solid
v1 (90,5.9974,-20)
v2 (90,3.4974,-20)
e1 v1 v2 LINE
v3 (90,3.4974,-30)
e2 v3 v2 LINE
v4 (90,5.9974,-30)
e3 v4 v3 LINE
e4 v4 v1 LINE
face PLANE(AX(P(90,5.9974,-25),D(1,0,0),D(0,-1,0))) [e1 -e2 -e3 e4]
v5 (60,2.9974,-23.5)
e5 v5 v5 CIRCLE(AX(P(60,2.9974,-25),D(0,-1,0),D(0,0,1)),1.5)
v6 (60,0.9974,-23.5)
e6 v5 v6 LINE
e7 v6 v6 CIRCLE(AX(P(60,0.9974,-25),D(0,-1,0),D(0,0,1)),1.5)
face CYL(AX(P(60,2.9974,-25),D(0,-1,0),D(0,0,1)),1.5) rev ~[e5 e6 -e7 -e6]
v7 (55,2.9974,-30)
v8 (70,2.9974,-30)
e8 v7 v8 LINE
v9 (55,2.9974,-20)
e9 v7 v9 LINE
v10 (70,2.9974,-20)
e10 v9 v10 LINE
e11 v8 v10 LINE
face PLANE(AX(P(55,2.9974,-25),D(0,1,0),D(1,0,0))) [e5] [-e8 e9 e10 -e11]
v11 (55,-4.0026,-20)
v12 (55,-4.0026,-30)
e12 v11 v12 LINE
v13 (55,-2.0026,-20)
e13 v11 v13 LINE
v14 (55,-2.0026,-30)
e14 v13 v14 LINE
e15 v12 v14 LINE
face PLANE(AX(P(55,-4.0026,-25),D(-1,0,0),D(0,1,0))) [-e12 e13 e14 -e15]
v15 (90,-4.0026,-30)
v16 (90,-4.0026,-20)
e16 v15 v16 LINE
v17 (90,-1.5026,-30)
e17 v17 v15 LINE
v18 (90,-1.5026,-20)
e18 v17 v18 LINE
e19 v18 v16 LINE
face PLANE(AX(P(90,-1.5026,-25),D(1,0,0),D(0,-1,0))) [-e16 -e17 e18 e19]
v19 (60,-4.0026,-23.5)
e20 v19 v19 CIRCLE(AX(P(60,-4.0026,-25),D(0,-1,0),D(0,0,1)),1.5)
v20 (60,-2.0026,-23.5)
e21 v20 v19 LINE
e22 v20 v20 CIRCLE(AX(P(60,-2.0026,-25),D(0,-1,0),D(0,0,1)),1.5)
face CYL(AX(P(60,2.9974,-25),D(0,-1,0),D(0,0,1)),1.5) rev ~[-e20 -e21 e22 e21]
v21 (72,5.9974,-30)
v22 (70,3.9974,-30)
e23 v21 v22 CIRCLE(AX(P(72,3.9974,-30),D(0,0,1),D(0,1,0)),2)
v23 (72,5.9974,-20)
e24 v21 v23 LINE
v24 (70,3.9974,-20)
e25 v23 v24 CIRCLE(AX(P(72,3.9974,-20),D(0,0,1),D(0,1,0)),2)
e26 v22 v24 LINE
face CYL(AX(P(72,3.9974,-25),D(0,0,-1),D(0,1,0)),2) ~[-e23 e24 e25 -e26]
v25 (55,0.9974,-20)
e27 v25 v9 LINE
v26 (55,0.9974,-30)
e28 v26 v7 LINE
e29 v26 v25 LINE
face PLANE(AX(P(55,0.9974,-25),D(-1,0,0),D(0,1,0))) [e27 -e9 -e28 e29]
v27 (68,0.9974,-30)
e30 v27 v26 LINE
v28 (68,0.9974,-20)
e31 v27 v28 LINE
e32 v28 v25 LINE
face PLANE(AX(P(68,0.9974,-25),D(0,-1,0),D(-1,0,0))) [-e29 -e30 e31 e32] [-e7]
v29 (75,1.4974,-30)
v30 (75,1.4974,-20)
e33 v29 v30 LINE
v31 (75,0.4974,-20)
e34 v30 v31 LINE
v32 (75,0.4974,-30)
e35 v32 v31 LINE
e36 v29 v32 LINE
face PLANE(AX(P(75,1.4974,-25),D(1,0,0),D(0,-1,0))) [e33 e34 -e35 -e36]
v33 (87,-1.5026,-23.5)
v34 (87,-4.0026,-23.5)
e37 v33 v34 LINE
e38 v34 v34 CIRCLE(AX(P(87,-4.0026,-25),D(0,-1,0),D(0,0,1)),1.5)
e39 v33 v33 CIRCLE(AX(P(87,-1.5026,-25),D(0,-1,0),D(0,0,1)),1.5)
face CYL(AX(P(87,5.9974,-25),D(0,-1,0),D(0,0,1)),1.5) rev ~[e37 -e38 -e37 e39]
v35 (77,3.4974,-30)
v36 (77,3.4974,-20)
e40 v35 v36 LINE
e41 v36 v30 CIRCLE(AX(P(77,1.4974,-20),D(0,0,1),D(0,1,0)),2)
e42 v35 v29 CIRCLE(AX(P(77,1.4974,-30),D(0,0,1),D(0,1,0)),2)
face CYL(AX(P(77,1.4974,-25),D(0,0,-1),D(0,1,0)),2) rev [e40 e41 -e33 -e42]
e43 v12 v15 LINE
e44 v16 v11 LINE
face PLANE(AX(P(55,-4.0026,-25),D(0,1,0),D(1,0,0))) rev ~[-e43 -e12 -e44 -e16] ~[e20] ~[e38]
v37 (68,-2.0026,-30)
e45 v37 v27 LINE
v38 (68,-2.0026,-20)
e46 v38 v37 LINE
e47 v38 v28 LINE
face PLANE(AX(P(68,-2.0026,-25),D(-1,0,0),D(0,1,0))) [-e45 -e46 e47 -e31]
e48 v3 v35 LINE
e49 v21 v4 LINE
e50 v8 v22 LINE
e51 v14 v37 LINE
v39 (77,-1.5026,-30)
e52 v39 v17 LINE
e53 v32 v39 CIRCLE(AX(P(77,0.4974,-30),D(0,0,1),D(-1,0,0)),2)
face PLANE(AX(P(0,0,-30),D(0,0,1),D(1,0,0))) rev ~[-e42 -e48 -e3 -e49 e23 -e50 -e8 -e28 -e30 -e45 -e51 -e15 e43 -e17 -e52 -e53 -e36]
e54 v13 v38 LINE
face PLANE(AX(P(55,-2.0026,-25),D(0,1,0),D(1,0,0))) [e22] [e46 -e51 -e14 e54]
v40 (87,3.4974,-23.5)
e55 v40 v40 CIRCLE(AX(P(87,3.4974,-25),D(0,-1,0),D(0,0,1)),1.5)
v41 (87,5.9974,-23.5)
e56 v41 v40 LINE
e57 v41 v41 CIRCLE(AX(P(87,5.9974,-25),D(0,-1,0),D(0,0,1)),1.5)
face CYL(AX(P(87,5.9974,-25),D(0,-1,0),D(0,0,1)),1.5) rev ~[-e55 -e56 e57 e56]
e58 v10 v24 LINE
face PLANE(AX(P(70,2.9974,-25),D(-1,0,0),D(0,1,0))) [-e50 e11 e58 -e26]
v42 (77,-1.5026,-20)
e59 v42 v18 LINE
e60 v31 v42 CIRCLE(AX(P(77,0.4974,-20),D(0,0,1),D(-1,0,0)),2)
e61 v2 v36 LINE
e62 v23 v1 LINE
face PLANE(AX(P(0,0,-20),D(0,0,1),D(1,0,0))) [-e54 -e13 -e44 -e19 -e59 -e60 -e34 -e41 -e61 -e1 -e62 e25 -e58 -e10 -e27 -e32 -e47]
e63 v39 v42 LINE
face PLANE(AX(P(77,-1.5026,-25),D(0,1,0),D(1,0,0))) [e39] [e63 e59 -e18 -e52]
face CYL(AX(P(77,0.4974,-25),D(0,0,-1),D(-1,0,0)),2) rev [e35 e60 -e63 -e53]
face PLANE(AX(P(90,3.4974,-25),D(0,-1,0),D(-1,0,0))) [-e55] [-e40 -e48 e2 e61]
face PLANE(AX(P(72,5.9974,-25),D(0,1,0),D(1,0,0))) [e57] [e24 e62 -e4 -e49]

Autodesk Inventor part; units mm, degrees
ref_plane "YZ Plane" through (0, 0, 0) normal (1, 0, 0) x (0, 1, 0)
ref_plane "Work Plane1" through (0, 0, -25) normal (0, 0, 1) x (1, 0, 0)
sketch "Sketch4" plane through (0, 0, -25) normal (0, 0, 1) x (1, 0, 0)
  line L0 (70, -4.0026) -> (70, 3.9974)
  line L1 (72, 5.9974) -> (90, 5.9974)
  line L2 (90, 5.9974) -> (90, 3.4974)
  line L3 (90, 3.4974) -> (77, 3.4974)
  line L4 (75, 1.4974) -> (75, 0.4974)
  line L5 (77, -1.5026) -> (90, -1.5026)
  line L6 (90, -1.5026) -> (90, -4.0026)
  line L7 (90, -4.0026) -> (70, -4.0026)
  arc A0 (72, 5.9974) -> (70, 3.9974) centre (72, 3.9974) ccw
  arc A1 (77, 3.4974) -> (75, 1.4974) centre (77, 1.4974) ccw
  arc A2 (75, 0.4974) -> (77, -1.5026) centre (77, 0.4974) ccw
  line L8 (70, 0) -> (70, -3) projected
  line L9 (55, -4.0026) -> (55, -2.0026)
  line L10 (55, -2.0026) -> (68, -2.0026)
  line L11 (68, -2.0026) -> (68, 0.9974)
  line L12 (68, 0.9974) -> (55, 0.9974)
  line L13 (55, -4.0026) -> (70, -4.0026)
  line L14 (55, 0.9974) -> (55, 2.9974)
  line L15 (55, 2.9974) -> (70, 2.9974)
  point P0 (0, 0)
  dimension "d66" = 5
  dimension "d67" = 2.5
  dimension "d68" = 2.5
  dimension "d69" = 20
  dimension "d70" = 15
  dimension "d71" = 2
  dimension "d111" = 2
  dimension "d112" = 2
  dimension "d113" = 3
  dimension "d115" = 2
  dimension "d116" = 15
  dimension "d117" = 15
ref_plane "Work Plane5" through (72, 5.9974, -20) normal (0, 1, 0) x (1, 0, 0)
sketch "Sketch5" plane through (72, 5.9974, -20) normal (0, 1, 0) x (1, 0, 0)
  line L0 (18, 10) -> (18, 0) projected
  line L1 (0, 10) -> (18, 10) projected
  point P0 (-72, -20)
  point P1 (15, 5)
  dimension "d86" = 3
  dimension "d87" = 5
hole "Hole1" [suppressed]
extrude "Extrusion5" add sketch "Sketch4" along normal mid plane 10
hole "Hole2" at (87, 5.9974, -25) direction (0, -1, 0) diameter 3 end through all
sketch "Sketch8" plane through (55, 2.9974, -20) normal (0, 1, 0) x (1, 0, 0)
  line L0 (0, 10) -> (15, 10) projected
  line L1 (0, 10) -> (0, 0) projected
  point P0 (-55, -20)
  point P1 (5, 5)
  dimension "d127" = 5
  dimension "d128" = 5
hole "Hole3" at (60, 2.9974, -25) direction (0, -1, 0) diameter 3 end through all
thread "Thread1" size "M3x0.5" class "6H" standard "ANSI Metric M Profile" full length
thread "Thread2" size "M3x0.5" class "6H" standard "ANSI Metric M Profile" full length
thread "Thread3" size "M3x0.5" class "6H" standard "ANSI Metric M Profile" full length
thread "Thread4" size "M3x0.5" class "6H" standard "ANSI Metric M Profile" full length
properties part number "base_plate" material "PC/ABS Plastic"
